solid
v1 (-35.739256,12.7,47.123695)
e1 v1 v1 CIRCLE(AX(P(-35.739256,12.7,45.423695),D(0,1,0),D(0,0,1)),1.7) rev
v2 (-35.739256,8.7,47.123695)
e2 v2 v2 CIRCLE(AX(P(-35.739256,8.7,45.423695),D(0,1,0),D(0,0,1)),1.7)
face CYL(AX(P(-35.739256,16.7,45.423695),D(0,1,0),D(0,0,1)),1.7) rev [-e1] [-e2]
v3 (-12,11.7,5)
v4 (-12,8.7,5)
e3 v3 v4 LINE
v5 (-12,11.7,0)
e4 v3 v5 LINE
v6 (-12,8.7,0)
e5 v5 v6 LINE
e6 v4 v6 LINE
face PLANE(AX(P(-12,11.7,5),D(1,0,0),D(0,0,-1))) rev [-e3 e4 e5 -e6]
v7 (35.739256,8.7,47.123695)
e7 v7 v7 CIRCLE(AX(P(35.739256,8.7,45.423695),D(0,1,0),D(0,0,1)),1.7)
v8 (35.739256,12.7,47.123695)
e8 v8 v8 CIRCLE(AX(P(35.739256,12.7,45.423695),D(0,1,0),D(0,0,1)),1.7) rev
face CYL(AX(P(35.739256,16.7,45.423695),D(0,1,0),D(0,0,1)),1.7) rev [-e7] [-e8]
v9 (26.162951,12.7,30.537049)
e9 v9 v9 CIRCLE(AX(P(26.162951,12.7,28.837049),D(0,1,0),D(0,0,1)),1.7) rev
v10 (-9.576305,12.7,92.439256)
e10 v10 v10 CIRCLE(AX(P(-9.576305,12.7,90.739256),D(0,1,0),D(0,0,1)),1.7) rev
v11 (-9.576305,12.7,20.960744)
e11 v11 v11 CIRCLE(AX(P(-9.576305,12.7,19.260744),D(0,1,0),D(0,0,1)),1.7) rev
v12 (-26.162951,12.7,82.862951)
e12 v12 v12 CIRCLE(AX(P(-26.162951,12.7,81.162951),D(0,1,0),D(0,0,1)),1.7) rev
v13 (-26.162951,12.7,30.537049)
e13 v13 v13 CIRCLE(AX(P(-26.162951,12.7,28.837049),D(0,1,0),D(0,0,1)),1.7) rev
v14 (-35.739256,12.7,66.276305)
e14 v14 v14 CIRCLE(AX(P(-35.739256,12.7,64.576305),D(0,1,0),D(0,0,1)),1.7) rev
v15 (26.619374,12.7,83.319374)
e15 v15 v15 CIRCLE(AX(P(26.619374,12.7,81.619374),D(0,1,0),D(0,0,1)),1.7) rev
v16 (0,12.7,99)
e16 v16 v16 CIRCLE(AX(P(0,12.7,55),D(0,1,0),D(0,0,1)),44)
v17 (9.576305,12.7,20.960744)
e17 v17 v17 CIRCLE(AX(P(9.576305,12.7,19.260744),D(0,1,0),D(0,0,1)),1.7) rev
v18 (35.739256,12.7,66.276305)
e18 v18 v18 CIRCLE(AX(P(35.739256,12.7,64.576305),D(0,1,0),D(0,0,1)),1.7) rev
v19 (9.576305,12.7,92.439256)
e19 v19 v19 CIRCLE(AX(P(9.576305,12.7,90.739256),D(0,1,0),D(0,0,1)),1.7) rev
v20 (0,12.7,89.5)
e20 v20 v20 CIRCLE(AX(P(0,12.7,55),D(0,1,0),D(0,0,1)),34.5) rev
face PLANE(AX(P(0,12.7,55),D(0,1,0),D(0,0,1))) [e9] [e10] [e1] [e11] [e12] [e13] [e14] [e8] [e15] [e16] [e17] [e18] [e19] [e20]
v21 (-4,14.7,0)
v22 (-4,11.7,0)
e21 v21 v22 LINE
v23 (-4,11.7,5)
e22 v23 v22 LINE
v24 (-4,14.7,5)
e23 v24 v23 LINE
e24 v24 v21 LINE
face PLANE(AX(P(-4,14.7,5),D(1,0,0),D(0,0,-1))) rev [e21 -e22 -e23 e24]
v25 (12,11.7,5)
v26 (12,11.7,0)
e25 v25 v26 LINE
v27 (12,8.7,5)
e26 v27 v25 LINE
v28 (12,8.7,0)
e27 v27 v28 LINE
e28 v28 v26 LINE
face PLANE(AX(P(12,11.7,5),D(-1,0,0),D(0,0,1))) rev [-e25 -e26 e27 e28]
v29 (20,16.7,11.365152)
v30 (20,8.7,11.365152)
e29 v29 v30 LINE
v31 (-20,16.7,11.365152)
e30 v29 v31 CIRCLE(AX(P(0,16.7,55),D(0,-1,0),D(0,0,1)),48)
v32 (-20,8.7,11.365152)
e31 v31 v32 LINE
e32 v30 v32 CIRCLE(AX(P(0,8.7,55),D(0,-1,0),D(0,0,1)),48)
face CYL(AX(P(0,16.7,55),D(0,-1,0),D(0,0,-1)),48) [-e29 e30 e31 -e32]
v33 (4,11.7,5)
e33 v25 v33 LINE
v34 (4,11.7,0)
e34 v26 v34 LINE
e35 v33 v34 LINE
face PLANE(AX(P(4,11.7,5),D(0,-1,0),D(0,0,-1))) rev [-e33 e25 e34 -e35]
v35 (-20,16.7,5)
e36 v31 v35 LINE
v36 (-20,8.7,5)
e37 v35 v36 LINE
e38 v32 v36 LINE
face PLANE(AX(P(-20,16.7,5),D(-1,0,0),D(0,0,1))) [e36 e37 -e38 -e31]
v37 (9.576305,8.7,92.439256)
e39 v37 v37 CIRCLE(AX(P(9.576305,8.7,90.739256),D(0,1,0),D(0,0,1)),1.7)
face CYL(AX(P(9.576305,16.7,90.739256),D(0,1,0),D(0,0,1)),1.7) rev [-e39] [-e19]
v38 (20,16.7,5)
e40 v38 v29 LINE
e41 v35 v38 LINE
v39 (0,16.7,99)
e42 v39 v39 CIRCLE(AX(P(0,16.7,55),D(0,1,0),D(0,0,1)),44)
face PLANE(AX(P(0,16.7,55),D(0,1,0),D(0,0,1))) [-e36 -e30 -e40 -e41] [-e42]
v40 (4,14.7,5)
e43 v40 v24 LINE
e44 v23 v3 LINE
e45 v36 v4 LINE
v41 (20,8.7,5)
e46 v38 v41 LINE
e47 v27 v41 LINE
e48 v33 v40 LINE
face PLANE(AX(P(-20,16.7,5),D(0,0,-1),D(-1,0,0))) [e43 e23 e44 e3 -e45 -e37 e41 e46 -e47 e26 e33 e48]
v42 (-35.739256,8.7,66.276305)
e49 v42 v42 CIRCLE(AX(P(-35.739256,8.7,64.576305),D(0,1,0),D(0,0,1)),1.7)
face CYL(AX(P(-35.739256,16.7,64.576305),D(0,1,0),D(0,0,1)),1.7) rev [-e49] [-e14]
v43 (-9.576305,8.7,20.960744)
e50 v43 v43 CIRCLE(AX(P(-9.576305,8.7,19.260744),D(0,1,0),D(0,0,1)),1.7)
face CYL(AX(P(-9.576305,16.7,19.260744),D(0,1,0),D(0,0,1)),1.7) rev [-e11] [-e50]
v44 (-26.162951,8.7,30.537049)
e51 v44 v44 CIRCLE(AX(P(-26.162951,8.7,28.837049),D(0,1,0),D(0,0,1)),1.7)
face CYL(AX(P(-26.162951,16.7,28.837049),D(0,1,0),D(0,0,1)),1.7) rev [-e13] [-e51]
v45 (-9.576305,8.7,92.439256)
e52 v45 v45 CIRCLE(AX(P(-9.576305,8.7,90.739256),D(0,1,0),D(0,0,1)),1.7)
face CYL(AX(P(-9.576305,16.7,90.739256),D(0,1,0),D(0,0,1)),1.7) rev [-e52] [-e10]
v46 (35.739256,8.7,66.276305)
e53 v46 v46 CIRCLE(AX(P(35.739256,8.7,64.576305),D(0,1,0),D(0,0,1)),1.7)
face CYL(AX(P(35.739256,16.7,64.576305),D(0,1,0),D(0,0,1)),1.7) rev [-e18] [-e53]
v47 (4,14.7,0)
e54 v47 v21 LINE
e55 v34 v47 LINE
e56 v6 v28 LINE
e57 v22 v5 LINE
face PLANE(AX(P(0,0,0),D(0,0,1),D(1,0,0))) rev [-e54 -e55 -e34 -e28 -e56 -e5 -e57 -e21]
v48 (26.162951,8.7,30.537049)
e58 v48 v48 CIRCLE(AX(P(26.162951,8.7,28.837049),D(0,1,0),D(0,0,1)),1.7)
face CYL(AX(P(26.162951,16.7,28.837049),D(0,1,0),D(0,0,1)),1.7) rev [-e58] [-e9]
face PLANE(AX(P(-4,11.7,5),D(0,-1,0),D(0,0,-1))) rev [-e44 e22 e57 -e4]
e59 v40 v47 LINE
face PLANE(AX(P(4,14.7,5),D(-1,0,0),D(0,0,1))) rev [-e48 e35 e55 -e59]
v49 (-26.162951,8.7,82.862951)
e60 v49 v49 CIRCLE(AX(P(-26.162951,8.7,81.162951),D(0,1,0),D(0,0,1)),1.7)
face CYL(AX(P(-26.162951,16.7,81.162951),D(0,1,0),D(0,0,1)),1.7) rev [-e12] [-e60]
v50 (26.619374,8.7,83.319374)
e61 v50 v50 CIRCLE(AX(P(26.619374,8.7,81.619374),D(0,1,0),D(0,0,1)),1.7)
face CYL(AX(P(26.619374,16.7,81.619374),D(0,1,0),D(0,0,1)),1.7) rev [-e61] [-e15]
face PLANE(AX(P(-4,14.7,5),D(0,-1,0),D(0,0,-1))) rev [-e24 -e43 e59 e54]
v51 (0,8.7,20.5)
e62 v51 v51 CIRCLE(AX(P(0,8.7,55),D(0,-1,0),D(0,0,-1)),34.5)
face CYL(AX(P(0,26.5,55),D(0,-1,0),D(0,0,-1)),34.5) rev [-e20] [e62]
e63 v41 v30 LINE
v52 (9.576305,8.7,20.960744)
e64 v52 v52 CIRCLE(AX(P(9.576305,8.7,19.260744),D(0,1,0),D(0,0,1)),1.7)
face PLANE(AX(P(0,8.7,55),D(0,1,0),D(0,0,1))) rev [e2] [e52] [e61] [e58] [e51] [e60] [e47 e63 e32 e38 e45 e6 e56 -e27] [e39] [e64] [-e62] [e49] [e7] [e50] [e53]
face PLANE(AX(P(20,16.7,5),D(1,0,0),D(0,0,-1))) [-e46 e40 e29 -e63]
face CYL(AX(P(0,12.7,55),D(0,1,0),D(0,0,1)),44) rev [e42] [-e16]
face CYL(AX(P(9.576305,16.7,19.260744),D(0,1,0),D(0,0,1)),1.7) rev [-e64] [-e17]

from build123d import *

# Parameters (mm, degrees)
SKETCH_1_R                   = 26.5
EXTRUDE_1_DEPTH              = 5
HOLE_WIZARD_M4_1_AT_2_COUNT  = 2
HOLE_WIZARD_M4_1_AT_2_PITCH  = 39.424388736
HOLE_WIZARD_M4_1_AT_3_COUNT  = 2
HOLE_WIZARD_M4_1_AT_3_PITCH  = 39.424388736
HOLE_WIZARD_M4_1_AT_4_COUNT  = 2
HOLE_WIZARD_M4_1_AT_4_PITCH  = 18.383894388
HOLE_WIZARD_M4_1_AT_5_COUNT  = 2
HOLE_WIZARD_M4_1_AT_5_PITCH  = 43.5
HOLE_WIZARD_M4_1_AT_6_COUNT  = 2
HOLE_WIZARD_M4_1_AT_6_PITCH  = 39.424388736
HOLE_WIZARD_M4_1_AT_7_COUNT  = 2
HOLE_WIZARD_M4_1_AT_7_PITCH  = 18.383894388
EXTRUDE_1604_DEPTH           = 8
SKETCH_8_R                   = 34.5
CUT_EXTRUDE_1696_DEPTH       = 119.962346984
HOLE_WIZARD_M3_1_D           = 3.4
HOLE_WIZARD_M3_1_CBORE_D     = 6.5
HOLE_WIZARD_M3_1_CBORE_DEPTH = 3
SKETCH_11_R                  = 26.5
CUT_EXTRUDE_1_DEPTH          = 5
SKETCH_12_R                  = 44
CUT_EXTRUDE_6_DEPTH          = 4


with BuildPart() as part:
    # 草图1 → 凸台-拉伸1 (new body)
    with BuildSketch(Plane.XY):
        Circle(SKETCH_1_R)
    extrude(amount=EXTRUDE_1_DEPTH)

    # 草图3 → M4 六角凹头盖的柱孔1 (revolve, cut)
    with BuildSketch(Plane(origin=(21.75, 0, 5), x_dir=(0, -1, 0), z_dir=(1, 0, 0))):
        Polygon((0, 0), (0, 5), (2.25, 5), (2.25, 4), (4, 4), (4, 0), align=None)
    hole_wizard_m4_1 = revolve(axis=Axis((21.75, 0, 11.35), (0, 0, -1)), mode=Mode.SUBTRACT)

    # M4 六角凹头盖的柱孔1 at 2: M4 六角凹头盖的柱孔1 ×2
    with Locations(*[Vector(-0.9063077870366496, 0.4226182617407002, 0) * (i * HOLE_WIZARD_M4_1_AT_2_PITCH) for i in range(1, HOLE_WIZARD_M4_1_AT_2_COUNT)]):
        add(hole_wizard_m4_1, mode=Mode.SUBTRACT)

    # M4 六角凹头盖的柱孔1 at 3: M4 六角凹头盖的柱孔1 ×2
    with Locations(*[Vector(-0.9063077870125524, 0.42261826179237694, 0) * (i * HOLE_WIZARD_M4_1_AT_3_PITCH) for i in range(1, HOLE_WIZARD_M4_1_AT_3_COUNT)]):
        add(hole_wizard_m4_1, mode=Mode.SUBTRACT)

    # M4 六角凹头盖的柱孔1 at 4: M4 六角凹头盖的柱孔1 ×2
    with Locations(*[Vector(-0.42261826172613215, 0.9063077870434428, 0) * (i * HOLE_WIZARD_M4_1_AT_4_PITCH) for i in range(1, HOLE_WIZARD_M4_1_AT_4_COUNT)]):
        add(hole_wizard_m4_1, mode=Mode.SUBTRACT)

    # M4 六角凹头盖的柱孔1 at 5: M4 六角凹头盖的柱孔1 ×2
    with Locations(*[(-i * HOLE_WIZARD_M4_1_AT_5_PITCH, 0, 0) for i in range(1, HOLE_WIZARD_M4_1_AT_5_COUNT)]):
        add(hole_wizard_m4_1, mode=Mode.SUBTRACT)

    # M4 六角凹头盖的柱孔1 at 6: M4 六角凹头盖的柱孔1 ×2
    with Locations(*[Vector(-0.9063077870125524, -0.42261826179237694, 0) * (i * HOLE_WIZARD_M4_1_AT_6_PITCH) for i in range(1, HOLE_WIZARD_M4_1_AT_6_COUNT)]):
        add(hole_wizard_m4_1, mode=Mode.SUBTRACT)

    # M4 六角凹头盖的柱孔1 at 7: M4 六角凹头盖的柱孔1 ×2
    with Locations(*[Vector(-0.42261826172613215, -0.9063077870434428, 0) * (i * HOLE_WIZARD_M4_1_AT_7_PITCH) for i in range(1, HOLE_WIZARD_M4_1_AT_7_COUNT)]):
        add(hole_wizard_m4_1, mode=Mode.SUBTRACT)

    # 草图5 → Extrude 1604 (add)
    with BuildSketch(Plane.XZ.offset(-8.7)):
        with BuildLine():
            Line((-20, 5), (-20, 11.365151541))
            ThreePointArc((-20, 11.365151541), (0, 103), (20, 11.365151541))
            Line((20, 11.365151541), (20, 5))
            Line((20, 5), (-20, 5))
        make_face()
    extrude(amount=-EXTRUDE_1604_DEPTH)

    # 草图8 → Cut-Extrude 1696 (cut, through all)
    with BuildSketch(Plane.XZ.offset(-8.7)):
        with Locations(Location((0, 55, 0), (0, 0, 270))):
            Circle(SKETCH_8_R)
    extrude(amount=-CUT_EXTRUDE_1696_DEPTH, mode=Mode.SUBTRACT)

    # M3 六角凹头盖的柱孔1 (through all)
    with Locations(Plane(origin=(-9.576304669, 16.7, 19.260744427), x_dir=(0, 0, 1), z_dir=(0, 1, 0))):
        with Locations((0, 0), (0, 19.152609338), (9.576304669, 35.739255573), (26.162950904, 45.315560242), (45.315560242, 45.315560242), (62.358629164, 36.19567826), (71.478511143, 19.152609339), (71.478511146, 0), (61.902206477, -16.586646235), (9.576304669, -16.586646235), (26.162950904, -26.162950904), (45.315560242, -26.162950904)):
            CounterBoreHole(HOLE_WIZARD_M3_1_D / 2, HOLE_WIZARD_M3_1_CBORE_D / 2, HOLE_WIZARD_M3_1_CBORE_DEPTH)

    # 草图11 → 切除-拉伸1 (cut)
    with BuildSketch(Plane.XY):
        Circle(SKETCH_11_R)
        Polygon((-4, 14.7), (4, 14.7), (4, 11.7), (12, 11.7), (12, 8.7), (-12, 8.7), (-12, 11.7), (-4, 11.7), align=None, mode=Mode.SUBTRACT)
    extrude(amount=CUT_EXTRUDE_1_DEPTH, mode=Mode.SUBTRACT)

    # 草图12 → 切除-拉伸6 (cut)
    with BuildSketch(Plane(origin=(0, 16.7, 0), x_dir=(1, 0, 0), z_dir=(0, 1, 0))):
        with Locations(Location((0, -55, 0), (0, 0, 270))):
            Circle(SKETCH_12_R)
    extrude(amount=-CUT_EXTRUDE_6_DEPTH, mode=Mode.SUBTRACT)


solid = part.part
